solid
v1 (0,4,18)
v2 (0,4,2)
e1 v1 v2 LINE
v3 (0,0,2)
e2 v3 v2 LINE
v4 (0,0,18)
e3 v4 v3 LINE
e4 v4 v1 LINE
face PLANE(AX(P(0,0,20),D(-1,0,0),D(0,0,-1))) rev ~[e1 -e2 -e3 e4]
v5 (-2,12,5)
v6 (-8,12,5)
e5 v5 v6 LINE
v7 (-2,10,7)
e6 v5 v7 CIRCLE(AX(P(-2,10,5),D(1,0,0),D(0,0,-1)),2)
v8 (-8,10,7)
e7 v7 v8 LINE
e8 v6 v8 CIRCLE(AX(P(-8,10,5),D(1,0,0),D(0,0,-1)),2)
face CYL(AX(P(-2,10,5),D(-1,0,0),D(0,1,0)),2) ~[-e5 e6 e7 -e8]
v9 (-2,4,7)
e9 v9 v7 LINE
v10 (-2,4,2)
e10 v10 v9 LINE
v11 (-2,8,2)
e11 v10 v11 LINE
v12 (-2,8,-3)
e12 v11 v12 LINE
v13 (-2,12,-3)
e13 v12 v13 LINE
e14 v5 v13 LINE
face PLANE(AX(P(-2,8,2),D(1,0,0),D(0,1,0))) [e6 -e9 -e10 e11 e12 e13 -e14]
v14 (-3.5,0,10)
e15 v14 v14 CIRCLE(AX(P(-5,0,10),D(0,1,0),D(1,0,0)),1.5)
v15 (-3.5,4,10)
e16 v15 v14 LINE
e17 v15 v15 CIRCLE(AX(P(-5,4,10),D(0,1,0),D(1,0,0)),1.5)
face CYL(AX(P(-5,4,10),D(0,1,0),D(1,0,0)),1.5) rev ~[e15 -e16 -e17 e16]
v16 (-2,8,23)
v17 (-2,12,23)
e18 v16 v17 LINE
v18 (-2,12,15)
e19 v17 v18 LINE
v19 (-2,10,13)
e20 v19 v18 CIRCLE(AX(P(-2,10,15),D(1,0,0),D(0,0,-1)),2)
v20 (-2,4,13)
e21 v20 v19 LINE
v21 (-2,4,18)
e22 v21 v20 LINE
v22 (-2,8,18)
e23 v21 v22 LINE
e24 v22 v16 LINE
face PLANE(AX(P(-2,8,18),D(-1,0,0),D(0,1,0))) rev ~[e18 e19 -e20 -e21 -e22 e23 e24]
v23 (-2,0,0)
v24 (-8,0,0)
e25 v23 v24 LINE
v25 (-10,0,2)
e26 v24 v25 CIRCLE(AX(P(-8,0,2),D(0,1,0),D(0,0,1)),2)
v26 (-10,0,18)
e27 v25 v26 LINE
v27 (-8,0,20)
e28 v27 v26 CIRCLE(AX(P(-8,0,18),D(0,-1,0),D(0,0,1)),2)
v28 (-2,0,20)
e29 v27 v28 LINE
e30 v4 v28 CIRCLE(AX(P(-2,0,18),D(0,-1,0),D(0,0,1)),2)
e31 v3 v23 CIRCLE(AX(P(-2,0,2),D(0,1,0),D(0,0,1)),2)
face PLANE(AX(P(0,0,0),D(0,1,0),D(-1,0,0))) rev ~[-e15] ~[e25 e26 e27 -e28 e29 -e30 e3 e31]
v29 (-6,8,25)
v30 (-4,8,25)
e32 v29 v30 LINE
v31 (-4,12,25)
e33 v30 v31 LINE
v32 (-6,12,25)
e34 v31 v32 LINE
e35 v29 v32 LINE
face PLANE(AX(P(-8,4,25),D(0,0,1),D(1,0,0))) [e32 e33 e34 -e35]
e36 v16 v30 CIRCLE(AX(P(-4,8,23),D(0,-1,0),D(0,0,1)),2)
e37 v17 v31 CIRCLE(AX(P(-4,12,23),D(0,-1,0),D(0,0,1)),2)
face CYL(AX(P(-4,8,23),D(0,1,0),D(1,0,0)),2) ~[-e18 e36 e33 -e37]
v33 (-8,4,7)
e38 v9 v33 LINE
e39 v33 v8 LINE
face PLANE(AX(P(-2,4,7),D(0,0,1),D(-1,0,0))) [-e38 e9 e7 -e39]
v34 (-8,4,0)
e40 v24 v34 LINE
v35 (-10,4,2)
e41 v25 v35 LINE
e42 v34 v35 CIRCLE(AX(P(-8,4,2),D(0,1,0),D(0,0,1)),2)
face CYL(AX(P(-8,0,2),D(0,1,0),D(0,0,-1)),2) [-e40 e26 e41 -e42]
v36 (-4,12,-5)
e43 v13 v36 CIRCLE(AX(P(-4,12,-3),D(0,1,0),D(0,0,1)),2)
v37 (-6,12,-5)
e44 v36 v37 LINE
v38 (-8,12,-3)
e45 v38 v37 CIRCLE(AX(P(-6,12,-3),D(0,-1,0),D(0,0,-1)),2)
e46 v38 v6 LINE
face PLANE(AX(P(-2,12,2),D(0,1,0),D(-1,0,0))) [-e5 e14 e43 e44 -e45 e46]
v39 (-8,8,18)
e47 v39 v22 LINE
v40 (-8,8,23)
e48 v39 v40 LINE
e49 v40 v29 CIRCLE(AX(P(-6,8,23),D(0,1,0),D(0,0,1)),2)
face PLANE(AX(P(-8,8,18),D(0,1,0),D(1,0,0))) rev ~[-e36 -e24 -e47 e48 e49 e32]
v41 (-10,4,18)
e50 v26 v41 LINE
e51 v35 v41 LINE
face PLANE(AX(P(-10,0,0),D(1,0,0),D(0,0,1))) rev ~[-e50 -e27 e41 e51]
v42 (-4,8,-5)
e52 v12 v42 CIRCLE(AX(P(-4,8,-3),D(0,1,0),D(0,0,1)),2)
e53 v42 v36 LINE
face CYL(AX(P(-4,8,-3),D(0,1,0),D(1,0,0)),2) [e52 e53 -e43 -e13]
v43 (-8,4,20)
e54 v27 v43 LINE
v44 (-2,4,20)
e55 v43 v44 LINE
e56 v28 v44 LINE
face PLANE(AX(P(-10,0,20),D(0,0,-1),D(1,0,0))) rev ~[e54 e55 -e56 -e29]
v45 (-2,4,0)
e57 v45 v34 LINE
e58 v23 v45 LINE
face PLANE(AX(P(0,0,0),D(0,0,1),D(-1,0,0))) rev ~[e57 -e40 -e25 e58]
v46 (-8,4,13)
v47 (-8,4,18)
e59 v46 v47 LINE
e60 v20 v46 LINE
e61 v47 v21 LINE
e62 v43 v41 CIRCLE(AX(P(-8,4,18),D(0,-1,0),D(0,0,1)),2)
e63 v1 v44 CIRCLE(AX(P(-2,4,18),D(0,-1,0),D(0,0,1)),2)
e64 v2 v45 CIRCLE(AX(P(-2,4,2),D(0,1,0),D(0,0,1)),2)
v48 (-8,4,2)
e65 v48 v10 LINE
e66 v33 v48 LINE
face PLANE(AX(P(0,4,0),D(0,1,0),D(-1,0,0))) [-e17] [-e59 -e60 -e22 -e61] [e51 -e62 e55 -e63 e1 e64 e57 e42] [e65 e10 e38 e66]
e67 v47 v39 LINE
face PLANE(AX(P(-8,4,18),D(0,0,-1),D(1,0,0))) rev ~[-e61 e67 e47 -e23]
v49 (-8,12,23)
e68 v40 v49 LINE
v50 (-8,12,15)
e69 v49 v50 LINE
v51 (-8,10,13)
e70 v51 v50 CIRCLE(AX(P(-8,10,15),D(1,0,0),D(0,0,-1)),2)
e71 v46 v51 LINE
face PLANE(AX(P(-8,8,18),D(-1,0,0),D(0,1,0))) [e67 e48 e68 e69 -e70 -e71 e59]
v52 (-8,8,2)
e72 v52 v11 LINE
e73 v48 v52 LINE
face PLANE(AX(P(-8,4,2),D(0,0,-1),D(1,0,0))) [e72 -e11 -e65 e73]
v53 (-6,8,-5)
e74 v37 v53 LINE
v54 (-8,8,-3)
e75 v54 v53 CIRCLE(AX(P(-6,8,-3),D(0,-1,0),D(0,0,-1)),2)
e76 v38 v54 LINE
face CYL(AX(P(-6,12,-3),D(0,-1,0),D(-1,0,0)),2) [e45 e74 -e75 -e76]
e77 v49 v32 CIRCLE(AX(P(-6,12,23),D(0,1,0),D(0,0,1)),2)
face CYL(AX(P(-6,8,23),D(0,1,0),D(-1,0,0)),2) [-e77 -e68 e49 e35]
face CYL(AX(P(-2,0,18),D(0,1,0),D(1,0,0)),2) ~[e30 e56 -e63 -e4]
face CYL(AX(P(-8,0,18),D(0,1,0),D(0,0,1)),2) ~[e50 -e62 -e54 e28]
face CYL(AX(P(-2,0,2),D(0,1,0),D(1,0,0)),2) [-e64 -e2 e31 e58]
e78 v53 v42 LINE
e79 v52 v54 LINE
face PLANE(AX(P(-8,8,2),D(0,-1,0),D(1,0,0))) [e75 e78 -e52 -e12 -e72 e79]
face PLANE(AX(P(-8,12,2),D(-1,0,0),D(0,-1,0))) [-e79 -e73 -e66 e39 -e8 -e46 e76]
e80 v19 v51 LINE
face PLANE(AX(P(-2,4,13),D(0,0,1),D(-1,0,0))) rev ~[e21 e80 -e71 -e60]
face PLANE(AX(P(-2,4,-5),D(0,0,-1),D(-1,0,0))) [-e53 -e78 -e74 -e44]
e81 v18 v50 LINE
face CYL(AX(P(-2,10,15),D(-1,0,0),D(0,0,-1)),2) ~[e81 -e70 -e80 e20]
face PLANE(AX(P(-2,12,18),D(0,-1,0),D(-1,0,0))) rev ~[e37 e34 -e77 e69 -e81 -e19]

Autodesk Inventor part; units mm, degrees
ref_plane "YZ Plane" through (0, 0, 0) normal (1, 0, 0) x (0, 1, 0)
ref_plane "XZ Plane" through (0, 0, 0) normal (0, 1, 0) x (-1, 0, 0)
ref_plane "XY Plane" through (0, 0, 0) normal (0, 0, 1) x (1, 0, 0)
sketch "Sketch1" plane through (0, 0, 0) normal (0, 1, 0) x (-1, 0, 0)
  line L0 (0, 0) -> (10, 0)
  line L1 (10, 0) -> (10, 20)
  line L2 (10, 20) -> (0, 20)
  line L3 (0, 20) -> (0, 0)
  dimension "d0" = 10
  dimension "d1" = 20
extrude "Extrusion1" add sketch "Sketch1" along normal blind 4
sketch "Sketch2" plane through (0, 4, 0) normal (0, 1, 0) x (1, 0, 0)
  line L0 (-8, -18) -> (-2, -18)
  line L1 (-2, -18) -> (-2, -13)
  line L2 (-2, -13) -> (-8, -13)
  line L3 (-8, -13) -> (-8, -18)
  line L4 (-8, -2) -> (-2, -2)
  line L5 (-2, -2) -> (-2, -7)
  line L6 (-2, -7) -> (-8, -7)
  line L7 (-8, -7) -> (-8, -2)
  point P0 (0, 0)
  dimension "d4" = 6
  dimension "d5" = 5
  dimension "d6" = 5
extrude "Extrusion2" add sketch "Sketch2" along normal blind 8
sketch "Sketch3" plane through (-8, 4, 18) normal (0, 0, 1) x (1, 0, 0)
  line L0 (0, 0) -> (0, 8) projected
  line L1 (6, 8) -> (0, 8)
  line L2 (0, 8) -> (0, 4)
  line L3 (0, 4) -> (6, 4)
  line L4 (6, 4) -> (6, 8)
  point P0 (8, -4)
  point P1 (0, 8)
  dimension "d9" = 4
extrude "Extrusion3" add sketch "Sketch3" along normal blind 7
sketch "Sketch4" plane through (-2, 4, 2) normal (0, 0, -1) x (-1, 0, 0)
  line L0 (0, 8) -> (6, 8) projected
  line L1 (0, 8) -> (6, 8)
  line L2 (6, 8) -> (6, 4)
  line L3 (6, 4) -> (0, 4)
  line L4 (0, 4) -> (0, 8)
  point P0 (-2, -4)
  dimension "d12" = 4
extrude "Extrusion4" add sketch "Sketch4" along normal blind 7
fillet "Fillet1" radius 2 8 edges at (-2, 10, -5) (-8, 10, -5) (-2, 10, 25) (-8, 10, 25) (0, 2, 20) (0, 2, 0) (-10, 2, 0) (-10, 2, 20)
sketch "Sketch5" plane through (0, 4, 0) normal (0, 1, 0) x (1, 0, 0)
  circle A0 centre (-5, -10) radius 1.5
  point P0 (0, 0)
  dimension "d16" = 3
extrude "Extrusion5" cut sketch "Sketch5" against normal blind 7
fillet "Fillet2" radius 2 2 edges at (-5, 12, 13) (-5, 12, 7)
properties part number "PlatformSlider"
